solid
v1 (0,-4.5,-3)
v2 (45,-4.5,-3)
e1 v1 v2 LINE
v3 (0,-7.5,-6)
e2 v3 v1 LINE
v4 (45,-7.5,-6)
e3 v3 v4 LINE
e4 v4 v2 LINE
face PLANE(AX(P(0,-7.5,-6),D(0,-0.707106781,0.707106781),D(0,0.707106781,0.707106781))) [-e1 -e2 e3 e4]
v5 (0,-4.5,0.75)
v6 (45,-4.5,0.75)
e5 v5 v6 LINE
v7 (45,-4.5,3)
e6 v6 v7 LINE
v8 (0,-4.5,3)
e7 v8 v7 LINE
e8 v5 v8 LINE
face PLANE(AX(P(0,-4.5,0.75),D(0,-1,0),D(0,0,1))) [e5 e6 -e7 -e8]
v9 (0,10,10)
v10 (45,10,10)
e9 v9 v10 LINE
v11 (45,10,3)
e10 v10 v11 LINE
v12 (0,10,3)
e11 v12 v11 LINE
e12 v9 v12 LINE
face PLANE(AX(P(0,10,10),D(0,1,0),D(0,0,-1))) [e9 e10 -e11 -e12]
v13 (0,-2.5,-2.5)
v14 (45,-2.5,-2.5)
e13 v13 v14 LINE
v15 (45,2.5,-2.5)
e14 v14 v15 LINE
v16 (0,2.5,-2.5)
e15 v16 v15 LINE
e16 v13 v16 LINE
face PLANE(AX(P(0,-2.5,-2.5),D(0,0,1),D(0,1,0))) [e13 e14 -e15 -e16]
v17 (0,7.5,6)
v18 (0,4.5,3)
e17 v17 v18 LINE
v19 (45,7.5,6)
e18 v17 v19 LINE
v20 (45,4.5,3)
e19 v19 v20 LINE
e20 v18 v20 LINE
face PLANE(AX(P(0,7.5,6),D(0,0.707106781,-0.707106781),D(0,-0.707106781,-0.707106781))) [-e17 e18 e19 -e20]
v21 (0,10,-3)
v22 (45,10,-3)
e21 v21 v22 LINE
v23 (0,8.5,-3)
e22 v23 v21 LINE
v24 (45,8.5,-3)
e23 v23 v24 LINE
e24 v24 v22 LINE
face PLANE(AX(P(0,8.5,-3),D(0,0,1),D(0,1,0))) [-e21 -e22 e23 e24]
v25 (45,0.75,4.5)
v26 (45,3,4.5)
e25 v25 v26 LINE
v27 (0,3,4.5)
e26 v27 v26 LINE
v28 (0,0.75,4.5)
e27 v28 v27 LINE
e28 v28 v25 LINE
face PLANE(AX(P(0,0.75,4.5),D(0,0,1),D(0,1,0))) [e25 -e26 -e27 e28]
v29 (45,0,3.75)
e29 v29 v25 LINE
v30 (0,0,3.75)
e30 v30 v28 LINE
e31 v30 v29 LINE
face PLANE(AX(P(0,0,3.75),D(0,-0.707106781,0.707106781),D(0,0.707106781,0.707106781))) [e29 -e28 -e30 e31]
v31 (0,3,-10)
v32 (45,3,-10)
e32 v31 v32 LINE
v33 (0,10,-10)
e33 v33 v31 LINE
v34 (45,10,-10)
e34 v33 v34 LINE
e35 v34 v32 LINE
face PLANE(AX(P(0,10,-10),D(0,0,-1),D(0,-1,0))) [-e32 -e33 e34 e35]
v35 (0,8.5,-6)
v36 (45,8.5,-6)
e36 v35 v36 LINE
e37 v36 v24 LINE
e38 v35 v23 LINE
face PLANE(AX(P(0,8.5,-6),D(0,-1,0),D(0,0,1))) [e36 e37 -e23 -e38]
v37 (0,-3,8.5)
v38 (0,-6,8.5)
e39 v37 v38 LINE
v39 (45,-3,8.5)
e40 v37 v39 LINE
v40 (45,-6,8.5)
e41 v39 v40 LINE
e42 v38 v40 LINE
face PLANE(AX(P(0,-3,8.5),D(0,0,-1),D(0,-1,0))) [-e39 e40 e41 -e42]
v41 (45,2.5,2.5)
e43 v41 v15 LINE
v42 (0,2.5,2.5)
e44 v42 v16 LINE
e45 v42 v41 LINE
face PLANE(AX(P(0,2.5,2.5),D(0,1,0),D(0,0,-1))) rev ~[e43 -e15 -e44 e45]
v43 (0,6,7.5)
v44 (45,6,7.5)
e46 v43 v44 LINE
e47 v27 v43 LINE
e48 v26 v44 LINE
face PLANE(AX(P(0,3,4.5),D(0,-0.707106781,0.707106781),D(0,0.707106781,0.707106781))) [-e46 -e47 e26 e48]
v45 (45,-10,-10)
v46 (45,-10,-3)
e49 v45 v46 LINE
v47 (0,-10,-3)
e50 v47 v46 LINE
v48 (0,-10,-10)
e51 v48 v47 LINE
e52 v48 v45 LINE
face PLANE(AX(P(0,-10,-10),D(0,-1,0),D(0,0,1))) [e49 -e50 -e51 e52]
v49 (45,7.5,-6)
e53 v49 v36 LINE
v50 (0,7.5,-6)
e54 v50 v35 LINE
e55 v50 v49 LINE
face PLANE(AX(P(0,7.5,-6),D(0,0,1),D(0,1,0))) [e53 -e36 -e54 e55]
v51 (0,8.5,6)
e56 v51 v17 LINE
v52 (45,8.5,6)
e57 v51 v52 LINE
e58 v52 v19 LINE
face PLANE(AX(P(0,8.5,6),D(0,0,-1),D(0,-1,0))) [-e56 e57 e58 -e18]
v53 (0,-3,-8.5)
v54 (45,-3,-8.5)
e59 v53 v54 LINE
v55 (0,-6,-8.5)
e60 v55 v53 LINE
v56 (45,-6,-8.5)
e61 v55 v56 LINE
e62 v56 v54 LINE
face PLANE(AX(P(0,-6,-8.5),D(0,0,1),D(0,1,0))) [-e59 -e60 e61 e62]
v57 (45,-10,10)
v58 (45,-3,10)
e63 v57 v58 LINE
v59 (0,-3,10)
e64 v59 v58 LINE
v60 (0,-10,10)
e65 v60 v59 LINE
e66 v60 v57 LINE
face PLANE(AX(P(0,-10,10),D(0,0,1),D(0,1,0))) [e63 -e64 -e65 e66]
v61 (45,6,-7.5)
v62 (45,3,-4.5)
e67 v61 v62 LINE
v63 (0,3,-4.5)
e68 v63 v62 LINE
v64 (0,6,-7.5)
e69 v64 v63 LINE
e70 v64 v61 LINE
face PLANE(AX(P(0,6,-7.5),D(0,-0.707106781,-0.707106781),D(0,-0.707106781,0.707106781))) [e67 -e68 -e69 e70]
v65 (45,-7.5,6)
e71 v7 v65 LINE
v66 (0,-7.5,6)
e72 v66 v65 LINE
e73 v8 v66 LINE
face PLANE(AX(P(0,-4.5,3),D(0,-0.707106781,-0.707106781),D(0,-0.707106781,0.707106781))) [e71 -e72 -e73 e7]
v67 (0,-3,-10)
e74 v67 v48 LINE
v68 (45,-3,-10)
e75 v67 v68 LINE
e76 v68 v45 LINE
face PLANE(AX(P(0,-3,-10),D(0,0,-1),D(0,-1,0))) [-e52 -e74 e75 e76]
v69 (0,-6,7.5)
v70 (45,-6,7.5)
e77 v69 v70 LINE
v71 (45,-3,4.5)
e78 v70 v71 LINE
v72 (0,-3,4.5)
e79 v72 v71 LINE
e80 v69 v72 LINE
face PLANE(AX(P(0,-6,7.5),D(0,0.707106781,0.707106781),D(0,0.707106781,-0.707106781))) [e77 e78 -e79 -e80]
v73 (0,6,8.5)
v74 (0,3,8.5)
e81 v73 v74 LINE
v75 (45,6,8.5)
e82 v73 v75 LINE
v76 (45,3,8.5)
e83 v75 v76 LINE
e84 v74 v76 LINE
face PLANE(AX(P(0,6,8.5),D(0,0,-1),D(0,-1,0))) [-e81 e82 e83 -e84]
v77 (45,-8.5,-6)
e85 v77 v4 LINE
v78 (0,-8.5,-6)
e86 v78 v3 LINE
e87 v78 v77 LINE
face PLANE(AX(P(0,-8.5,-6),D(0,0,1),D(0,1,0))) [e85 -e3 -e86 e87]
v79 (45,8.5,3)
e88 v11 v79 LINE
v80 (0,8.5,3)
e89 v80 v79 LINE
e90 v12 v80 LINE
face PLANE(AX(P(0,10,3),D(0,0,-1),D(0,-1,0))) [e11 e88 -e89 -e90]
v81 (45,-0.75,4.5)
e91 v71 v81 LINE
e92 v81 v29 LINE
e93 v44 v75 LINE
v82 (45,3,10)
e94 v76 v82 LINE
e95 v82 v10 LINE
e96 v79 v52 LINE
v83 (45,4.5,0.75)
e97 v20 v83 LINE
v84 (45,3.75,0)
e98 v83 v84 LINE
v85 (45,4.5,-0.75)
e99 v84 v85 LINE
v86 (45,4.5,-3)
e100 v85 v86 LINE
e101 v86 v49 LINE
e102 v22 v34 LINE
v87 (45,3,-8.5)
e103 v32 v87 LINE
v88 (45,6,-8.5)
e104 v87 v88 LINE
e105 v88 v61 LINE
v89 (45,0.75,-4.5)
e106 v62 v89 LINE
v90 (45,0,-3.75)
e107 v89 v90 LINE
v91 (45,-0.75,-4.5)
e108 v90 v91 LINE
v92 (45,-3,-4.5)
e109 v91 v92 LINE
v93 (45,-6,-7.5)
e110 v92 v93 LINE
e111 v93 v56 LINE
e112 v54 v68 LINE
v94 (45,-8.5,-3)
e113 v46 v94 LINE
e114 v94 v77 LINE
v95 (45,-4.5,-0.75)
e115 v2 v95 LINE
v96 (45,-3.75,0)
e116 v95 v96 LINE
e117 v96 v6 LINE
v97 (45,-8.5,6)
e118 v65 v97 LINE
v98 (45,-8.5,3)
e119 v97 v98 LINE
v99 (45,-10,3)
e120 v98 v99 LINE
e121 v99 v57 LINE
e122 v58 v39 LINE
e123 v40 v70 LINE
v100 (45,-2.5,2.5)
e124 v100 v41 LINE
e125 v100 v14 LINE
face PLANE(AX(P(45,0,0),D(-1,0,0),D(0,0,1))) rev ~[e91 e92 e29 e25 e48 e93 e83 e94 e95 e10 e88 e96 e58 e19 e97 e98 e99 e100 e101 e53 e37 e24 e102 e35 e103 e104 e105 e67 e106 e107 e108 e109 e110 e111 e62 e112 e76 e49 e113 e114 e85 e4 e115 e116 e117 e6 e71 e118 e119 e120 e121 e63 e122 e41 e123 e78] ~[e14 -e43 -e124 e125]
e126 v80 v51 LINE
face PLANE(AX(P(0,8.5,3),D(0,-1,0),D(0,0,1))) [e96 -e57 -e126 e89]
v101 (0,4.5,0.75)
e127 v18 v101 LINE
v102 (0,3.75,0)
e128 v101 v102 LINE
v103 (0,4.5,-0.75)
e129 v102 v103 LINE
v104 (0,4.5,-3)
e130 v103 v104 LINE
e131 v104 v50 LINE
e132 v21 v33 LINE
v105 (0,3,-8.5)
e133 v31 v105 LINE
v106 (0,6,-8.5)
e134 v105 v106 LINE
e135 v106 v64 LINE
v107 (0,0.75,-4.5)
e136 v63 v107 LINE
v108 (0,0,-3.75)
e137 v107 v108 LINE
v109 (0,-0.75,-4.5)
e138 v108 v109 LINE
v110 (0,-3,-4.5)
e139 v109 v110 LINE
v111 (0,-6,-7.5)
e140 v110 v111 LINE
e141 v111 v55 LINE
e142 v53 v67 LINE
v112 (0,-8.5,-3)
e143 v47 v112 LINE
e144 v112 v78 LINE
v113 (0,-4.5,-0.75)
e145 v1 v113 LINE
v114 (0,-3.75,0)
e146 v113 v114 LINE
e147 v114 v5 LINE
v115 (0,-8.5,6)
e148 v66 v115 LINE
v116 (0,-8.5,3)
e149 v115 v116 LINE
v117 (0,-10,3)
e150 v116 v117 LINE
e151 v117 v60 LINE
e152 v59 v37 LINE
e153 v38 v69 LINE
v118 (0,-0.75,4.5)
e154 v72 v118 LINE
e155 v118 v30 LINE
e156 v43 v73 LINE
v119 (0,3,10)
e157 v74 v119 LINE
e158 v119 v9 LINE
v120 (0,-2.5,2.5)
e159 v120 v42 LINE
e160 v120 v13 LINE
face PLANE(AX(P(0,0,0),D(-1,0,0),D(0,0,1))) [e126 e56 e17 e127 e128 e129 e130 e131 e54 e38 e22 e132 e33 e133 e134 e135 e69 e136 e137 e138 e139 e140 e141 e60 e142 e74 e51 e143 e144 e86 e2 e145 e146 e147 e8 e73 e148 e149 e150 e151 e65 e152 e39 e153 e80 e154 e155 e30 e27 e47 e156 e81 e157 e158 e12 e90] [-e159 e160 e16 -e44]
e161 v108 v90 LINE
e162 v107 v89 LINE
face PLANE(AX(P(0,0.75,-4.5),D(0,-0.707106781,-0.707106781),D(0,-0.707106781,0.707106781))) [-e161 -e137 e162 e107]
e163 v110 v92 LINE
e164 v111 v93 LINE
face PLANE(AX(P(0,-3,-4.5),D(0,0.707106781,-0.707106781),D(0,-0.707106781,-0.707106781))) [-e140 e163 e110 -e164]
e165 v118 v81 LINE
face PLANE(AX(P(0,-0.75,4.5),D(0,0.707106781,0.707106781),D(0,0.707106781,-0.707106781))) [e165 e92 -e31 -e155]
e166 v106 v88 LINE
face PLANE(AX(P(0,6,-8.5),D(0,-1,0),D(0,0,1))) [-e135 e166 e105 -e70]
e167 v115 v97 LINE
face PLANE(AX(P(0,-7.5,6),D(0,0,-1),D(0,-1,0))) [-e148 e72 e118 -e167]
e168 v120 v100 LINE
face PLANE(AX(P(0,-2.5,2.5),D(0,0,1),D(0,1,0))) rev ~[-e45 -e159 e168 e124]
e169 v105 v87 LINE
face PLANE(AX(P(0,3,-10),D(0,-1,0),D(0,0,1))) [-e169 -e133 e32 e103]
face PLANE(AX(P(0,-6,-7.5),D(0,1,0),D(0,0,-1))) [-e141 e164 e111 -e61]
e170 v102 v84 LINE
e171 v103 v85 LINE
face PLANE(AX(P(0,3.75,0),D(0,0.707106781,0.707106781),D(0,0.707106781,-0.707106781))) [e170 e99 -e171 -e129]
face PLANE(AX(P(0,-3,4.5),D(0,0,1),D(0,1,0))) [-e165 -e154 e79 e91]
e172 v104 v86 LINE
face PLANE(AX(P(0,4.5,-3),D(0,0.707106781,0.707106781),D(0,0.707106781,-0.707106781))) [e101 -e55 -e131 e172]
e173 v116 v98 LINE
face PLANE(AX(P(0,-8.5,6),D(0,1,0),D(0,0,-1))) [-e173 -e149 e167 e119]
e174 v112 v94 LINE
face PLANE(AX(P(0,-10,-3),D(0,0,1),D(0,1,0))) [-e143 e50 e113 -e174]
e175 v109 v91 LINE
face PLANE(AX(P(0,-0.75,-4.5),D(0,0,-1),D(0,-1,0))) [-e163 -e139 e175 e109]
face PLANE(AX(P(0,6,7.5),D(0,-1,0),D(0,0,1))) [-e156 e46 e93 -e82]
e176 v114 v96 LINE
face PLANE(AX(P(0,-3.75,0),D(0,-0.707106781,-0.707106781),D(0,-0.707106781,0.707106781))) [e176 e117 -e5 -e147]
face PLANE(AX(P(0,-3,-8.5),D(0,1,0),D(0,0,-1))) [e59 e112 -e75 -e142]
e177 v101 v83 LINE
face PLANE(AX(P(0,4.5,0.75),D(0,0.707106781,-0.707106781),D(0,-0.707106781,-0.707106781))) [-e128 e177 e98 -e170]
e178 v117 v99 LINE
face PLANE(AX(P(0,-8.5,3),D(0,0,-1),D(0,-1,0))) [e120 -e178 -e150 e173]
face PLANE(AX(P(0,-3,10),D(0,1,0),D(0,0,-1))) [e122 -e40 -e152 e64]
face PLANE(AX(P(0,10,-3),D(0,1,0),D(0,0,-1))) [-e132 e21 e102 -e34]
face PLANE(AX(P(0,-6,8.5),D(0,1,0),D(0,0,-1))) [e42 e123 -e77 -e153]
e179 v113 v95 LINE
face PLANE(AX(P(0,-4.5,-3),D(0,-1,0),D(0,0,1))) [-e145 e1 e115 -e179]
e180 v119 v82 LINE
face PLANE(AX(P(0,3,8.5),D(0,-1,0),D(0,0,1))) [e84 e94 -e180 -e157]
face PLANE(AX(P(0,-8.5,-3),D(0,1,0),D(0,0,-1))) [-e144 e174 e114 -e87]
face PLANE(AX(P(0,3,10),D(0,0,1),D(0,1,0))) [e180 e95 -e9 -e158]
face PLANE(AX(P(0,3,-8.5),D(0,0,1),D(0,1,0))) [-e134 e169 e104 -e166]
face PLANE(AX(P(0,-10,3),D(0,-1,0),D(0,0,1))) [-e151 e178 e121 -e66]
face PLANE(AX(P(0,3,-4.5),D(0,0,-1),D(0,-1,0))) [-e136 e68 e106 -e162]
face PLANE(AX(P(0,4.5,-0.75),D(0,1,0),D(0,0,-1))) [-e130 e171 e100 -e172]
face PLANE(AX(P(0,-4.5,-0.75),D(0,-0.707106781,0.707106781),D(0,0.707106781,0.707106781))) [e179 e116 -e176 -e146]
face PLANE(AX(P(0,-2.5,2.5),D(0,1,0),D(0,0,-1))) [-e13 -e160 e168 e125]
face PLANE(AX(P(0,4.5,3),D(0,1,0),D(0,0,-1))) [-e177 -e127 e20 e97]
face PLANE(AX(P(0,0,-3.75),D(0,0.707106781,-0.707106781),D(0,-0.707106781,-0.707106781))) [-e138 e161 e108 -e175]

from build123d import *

# Parameters (mm, degrees)
SKETCH1_W           = 5
SKETCH1_H           = 5
BOSS_EXTRUDE2_DEPTH = 45


with BuildPart() as part:
    # Sketch1 → Boss-Extrude2 (new body)
    with BuildSketch(Plane(origin=(0, 0, 0), x_dir=(0, 0, -1), z_dir=(1, 0, 0))):
        Polygon((-10, 10), (-3, 10), (-3, 8.5), (-6, 8.5), (-6, 7.5), (-3, 4.5), (-0.75, 4.5), (0, 3.75), (0.75, 4.5), (3, 4.5), (6, 7.5), (6, 8.5), (3, 8.5), (3, 10), (10, 10), (10, 3), (8.5, 3), (8.5, 6), (7.5, 6), (4.5, 3), (4.5, 0.75), (3.75, 0), (4.5, -0.75), (4.5, -3), (7.5, -6), (8.5, -6), (8.5, -3), (10, -3), (10, -10), (3, -10), (3, -8.5), (6, -8.5), (6, -7.5), (3, -4.5), (0.75, -4.5), (0, -3.75), (-0.75, -4.5), (-3, -4.5), (-6, -7.5), (-6, -8.5), (-3, -8.5), (-3, -10), (-10, -10), (-10, -3), (-8.5, -3), (-8.5, -6), (-7.5, -6), (-4.5, -3), (-4.5, -0.75), (-3.75, 0), (-4.5, 0.75), (-4.5, 3), (-7.5, 6), (-8.5, 6), (-8.5, 3), (-10, 3), align=None)
        Rectangle(SKETCH1_W, SKETCH1_H, mode=Mode.SUBTRACT)
    extrude(amount=BOSS_EXTRUDE2_DEPTH)


solid = part.part
